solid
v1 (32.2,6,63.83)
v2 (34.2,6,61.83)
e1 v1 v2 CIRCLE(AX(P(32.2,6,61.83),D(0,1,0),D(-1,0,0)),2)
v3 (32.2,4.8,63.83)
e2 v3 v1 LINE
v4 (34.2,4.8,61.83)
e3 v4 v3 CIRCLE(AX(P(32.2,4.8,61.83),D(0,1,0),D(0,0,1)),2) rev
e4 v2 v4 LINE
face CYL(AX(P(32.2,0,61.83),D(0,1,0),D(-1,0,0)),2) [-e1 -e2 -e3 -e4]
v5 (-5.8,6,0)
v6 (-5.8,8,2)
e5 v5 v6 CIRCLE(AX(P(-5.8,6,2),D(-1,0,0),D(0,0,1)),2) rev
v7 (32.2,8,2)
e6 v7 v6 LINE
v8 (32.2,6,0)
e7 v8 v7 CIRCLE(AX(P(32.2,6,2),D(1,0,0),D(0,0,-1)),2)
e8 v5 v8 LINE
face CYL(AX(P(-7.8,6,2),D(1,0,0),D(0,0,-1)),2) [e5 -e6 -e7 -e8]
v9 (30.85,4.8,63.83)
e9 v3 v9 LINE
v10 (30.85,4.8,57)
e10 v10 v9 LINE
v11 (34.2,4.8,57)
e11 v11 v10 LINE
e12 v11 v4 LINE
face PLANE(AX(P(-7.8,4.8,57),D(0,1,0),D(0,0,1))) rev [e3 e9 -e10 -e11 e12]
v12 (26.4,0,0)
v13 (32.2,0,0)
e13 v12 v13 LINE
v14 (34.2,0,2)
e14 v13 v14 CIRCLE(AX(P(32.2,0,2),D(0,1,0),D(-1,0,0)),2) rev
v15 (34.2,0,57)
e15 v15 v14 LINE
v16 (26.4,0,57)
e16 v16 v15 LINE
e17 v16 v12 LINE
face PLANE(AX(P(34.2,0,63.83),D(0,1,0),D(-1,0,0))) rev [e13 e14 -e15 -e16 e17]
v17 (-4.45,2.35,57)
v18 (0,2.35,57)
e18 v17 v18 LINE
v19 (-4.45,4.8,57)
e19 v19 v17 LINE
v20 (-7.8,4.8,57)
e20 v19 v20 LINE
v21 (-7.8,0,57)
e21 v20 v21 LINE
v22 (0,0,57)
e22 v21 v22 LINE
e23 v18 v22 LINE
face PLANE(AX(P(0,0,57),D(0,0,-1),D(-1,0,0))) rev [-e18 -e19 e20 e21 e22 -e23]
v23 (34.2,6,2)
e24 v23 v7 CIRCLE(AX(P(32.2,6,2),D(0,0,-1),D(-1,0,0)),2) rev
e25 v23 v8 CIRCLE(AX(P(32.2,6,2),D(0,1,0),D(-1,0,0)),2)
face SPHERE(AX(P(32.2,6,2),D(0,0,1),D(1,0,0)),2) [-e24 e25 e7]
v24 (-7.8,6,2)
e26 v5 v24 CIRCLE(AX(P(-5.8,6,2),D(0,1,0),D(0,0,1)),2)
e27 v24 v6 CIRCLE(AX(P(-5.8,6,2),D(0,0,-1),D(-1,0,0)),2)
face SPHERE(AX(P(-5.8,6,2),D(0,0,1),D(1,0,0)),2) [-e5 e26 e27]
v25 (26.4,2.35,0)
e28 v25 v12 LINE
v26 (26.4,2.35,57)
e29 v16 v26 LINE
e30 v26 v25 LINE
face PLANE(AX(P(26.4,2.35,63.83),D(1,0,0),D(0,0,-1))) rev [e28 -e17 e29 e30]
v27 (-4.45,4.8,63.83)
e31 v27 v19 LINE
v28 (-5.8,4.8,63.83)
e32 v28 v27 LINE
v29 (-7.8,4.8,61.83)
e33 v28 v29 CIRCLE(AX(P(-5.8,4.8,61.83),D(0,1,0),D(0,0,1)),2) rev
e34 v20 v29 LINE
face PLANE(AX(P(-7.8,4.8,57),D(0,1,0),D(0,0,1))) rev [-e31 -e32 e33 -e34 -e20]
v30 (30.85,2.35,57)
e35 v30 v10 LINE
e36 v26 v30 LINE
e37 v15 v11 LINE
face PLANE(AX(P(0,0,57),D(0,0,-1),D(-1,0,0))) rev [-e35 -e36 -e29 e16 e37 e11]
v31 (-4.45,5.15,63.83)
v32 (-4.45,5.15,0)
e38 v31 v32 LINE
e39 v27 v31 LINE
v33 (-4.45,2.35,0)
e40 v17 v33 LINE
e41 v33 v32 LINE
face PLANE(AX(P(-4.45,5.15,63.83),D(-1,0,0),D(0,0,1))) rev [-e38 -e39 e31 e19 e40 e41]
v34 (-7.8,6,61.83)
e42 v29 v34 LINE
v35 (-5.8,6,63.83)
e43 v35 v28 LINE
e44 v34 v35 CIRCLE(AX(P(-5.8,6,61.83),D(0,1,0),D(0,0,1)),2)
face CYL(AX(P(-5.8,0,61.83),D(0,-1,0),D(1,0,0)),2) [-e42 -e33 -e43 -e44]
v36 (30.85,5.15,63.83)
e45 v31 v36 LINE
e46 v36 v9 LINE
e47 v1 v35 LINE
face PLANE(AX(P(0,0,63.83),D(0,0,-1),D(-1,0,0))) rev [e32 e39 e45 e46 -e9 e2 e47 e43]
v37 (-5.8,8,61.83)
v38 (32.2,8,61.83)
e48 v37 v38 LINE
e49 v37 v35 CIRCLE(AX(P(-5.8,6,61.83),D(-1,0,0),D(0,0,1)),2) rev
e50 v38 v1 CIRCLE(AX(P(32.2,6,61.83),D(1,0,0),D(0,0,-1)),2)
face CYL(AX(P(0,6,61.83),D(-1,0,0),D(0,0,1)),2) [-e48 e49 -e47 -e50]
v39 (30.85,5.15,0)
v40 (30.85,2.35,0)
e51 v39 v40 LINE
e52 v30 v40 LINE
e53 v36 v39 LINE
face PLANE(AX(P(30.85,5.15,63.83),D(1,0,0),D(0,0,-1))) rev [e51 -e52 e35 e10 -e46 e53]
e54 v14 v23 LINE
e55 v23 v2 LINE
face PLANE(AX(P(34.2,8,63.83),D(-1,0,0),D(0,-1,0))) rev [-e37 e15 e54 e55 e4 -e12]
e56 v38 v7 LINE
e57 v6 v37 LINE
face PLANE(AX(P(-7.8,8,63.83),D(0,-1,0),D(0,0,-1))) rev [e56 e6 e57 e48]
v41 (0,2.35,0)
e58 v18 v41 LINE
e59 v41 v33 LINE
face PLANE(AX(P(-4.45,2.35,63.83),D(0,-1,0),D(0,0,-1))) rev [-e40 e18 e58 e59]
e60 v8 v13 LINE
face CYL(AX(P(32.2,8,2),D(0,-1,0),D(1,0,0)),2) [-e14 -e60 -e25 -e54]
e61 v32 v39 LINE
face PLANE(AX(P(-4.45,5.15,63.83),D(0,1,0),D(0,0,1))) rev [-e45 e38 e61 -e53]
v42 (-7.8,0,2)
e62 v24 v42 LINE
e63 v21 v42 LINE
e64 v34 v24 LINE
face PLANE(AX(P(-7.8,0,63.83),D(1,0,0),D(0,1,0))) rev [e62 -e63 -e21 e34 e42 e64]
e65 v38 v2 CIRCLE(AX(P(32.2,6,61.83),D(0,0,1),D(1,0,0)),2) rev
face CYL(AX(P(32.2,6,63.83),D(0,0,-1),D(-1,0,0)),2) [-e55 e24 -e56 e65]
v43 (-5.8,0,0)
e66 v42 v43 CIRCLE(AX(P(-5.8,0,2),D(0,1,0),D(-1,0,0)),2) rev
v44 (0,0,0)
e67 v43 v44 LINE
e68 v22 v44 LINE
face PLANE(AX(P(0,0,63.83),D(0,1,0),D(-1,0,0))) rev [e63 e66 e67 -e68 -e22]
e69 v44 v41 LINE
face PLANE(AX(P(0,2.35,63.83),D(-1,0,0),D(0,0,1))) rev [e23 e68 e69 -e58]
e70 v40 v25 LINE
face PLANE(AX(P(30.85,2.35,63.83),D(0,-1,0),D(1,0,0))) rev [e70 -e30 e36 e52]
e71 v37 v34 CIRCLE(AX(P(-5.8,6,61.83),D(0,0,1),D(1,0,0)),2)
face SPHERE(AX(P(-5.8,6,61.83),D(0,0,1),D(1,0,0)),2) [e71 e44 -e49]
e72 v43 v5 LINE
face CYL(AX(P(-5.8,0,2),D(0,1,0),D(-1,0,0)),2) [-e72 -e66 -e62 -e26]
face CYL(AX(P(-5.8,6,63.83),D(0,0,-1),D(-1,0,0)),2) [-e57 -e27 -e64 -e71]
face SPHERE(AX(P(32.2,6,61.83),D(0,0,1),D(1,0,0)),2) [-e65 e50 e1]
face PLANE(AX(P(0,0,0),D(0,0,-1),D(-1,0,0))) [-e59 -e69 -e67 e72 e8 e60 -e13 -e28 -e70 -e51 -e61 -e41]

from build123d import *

# Parameters (mm, degrees)
BOSS_EXTRUDE1_DEPTH = 63.83
SKETCH2_W           = 42
SKETCH2_H           = 4.8
CUT_EXTRUDE1_DEPTH  = 6.83
FILLET1_R           = 2


with BuildPart() as part:
    # Sketch1 → Boss-Extrude1 (new body)
    with BuildSketch(Plane.XY):
        Polygon((-4.45, 5.15), (30.85, 5.15), (30.85, 2.35), (26.4, 2.35), (26.4, 0), (34.2, 0), (34.2, 8), (-7.8, 8), (-7.8, 0), (0, 0), (0, 2.35), (-4.45, 2.35), align=None)
    extrude(amount=BOSS_EXTRUDE1_DEPTH)

    # Sketch2 → Cut-Extrude1 (cut)
    with BuildSketch(Plane.XY.offset(63.83)):
        with Locations((13.2, 2.4)):
            Rectangle(SKETCH2_W, SKETCH2_H)
    extrude(amount=-CUT_EXTRUDE1_DEPTH, mode=Mode.SUBTRACT)

    # Fillet1
    fillet1_edges = [part.edges().sort_by_distance(p)[0] for p in [
        (-7.8, 4, 0),
        (13.2, 8, 0),
        (34.2, 4, 0),
        (-7.8, 8, 31.915),
        (34.2, 8, 31.915),
        (34.2, 6.4, 63.83),
        (13.2, 8, 63.83),
        (-7.8, 6.4, 63.83),
    ]]
    fillet(fillet1_edges, radius=FILLET1_R)


solid = part.part
